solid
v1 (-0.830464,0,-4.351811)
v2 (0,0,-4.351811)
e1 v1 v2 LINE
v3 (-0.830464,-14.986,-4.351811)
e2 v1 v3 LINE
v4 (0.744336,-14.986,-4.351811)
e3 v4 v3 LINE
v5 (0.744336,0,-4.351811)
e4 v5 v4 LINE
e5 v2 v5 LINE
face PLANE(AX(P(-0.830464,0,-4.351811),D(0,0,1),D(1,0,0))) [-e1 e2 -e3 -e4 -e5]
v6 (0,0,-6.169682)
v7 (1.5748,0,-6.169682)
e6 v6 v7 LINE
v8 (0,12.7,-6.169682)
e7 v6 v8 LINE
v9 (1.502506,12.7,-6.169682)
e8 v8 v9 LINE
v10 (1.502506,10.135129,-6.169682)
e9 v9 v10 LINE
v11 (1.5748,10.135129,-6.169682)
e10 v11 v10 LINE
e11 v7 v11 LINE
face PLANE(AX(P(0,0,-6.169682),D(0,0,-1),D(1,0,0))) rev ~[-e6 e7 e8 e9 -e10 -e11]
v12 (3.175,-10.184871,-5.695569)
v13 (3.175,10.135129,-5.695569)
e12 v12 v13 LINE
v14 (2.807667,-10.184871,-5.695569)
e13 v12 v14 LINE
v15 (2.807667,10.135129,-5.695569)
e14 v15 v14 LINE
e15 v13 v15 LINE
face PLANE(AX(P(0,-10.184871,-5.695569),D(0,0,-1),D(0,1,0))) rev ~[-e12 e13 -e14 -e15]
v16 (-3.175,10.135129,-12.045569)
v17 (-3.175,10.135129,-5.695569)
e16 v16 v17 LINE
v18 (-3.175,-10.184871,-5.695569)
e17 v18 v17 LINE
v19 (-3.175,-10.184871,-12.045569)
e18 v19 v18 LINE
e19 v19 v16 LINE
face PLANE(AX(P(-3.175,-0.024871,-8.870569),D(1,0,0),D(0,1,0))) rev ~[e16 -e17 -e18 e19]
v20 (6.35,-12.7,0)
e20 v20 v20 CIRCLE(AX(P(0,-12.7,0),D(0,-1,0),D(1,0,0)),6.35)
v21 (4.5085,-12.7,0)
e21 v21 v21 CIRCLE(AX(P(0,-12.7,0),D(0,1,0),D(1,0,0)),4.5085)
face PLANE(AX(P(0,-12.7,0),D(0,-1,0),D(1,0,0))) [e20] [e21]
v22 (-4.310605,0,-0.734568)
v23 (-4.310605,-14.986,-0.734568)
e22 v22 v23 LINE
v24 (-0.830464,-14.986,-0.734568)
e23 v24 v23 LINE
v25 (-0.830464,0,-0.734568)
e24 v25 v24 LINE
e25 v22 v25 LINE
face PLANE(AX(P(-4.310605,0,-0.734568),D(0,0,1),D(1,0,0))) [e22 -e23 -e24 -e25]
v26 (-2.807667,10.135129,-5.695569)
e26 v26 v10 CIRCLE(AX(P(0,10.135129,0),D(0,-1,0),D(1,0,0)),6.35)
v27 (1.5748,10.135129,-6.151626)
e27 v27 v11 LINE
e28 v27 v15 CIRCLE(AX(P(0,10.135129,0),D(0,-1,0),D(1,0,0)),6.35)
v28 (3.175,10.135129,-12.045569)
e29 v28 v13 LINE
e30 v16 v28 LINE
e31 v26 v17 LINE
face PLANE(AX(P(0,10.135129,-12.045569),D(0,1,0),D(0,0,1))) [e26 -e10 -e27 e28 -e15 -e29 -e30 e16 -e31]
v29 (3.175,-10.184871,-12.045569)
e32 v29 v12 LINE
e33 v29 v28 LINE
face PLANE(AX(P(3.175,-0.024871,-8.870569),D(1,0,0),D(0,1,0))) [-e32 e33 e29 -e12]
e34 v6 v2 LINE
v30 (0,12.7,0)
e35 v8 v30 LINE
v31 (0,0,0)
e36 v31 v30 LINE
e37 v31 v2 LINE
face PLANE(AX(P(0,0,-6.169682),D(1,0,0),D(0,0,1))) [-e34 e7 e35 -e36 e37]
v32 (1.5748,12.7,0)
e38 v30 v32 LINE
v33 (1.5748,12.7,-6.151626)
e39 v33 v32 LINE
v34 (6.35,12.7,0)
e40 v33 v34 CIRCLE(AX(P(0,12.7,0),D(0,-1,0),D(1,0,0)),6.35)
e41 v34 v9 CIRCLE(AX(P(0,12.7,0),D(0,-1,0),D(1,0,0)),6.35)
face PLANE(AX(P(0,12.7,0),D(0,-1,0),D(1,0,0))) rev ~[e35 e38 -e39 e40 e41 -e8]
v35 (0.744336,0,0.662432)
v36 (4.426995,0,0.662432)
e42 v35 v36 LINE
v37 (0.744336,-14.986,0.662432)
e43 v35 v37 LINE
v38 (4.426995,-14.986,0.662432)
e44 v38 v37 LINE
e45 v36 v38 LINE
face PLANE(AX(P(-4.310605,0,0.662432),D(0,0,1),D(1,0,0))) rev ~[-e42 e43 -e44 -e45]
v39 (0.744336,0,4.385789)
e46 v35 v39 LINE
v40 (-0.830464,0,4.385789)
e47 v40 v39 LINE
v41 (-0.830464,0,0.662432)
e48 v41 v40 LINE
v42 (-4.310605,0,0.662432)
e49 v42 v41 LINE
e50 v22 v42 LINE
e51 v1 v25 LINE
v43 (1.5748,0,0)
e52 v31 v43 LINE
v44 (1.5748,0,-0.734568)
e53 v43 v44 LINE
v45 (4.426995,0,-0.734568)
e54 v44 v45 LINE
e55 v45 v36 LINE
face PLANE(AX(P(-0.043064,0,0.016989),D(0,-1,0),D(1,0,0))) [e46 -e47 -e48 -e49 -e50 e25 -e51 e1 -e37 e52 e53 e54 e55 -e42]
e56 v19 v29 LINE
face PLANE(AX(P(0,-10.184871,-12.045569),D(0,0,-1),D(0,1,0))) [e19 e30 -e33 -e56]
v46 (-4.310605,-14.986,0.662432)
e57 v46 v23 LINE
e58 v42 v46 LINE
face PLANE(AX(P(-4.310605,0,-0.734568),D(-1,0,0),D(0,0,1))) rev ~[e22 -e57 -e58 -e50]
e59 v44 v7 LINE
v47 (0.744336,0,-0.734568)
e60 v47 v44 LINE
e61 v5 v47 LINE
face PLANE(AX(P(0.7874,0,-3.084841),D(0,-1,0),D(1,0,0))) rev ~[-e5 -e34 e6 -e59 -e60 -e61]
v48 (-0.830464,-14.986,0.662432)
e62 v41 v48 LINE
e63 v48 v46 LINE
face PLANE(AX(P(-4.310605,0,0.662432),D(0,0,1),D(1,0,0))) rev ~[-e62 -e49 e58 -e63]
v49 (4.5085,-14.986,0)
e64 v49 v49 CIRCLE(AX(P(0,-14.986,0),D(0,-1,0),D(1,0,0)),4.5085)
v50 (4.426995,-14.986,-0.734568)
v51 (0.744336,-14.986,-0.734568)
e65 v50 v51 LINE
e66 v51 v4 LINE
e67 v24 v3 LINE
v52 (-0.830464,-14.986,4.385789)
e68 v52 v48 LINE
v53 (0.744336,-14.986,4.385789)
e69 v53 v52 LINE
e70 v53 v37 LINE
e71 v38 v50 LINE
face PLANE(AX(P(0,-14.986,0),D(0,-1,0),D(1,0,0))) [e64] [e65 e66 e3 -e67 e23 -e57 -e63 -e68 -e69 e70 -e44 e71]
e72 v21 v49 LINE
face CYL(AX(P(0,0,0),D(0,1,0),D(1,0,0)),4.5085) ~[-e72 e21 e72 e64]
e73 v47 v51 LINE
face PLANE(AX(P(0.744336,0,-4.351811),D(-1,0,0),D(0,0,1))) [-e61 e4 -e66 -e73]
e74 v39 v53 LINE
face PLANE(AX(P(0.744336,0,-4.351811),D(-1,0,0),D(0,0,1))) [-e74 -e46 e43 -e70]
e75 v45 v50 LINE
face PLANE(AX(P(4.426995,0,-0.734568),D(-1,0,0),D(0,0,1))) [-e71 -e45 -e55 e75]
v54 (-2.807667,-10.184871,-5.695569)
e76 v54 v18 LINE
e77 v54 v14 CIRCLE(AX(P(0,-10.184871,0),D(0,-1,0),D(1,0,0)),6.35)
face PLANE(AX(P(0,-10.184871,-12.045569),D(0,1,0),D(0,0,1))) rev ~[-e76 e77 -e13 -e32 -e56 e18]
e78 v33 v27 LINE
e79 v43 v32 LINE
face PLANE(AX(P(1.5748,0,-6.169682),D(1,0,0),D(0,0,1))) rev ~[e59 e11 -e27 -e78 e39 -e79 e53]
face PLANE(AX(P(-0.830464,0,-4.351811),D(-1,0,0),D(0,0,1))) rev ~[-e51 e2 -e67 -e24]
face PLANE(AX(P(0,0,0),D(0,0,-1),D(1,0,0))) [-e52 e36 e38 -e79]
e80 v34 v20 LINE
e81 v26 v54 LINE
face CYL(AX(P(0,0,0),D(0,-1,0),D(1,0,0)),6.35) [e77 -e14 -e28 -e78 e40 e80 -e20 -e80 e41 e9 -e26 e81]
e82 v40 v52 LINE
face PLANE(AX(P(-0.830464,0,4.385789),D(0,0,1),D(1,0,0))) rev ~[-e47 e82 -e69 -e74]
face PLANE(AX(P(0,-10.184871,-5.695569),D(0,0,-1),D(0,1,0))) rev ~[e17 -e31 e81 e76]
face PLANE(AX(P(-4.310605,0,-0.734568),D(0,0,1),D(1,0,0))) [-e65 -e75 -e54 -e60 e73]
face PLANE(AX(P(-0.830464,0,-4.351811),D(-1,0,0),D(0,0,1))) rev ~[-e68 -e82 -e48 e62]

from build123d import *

# Parameters (mm, degrees)
F0_R      = 6.35
F1_DEPTH  = 12.7
F2_W      = 20.32
F2_H      = 6.35
F3_DEPTH  = 3.175
F4_W      = 1.5748
F4_H      = 6.169682
F5_DEPTH  = 40.132
F6_R      = 4.5085
F7_DEPTH  = 14.986
F8_W      = 8.7376
F8_H      = 1.397
F9_DEPTH  = 22.86
F10_W     = 1.5748
F10_H     = 8.7376
F11_DEPTH = 37.084


with BuildPart() as f1:
    # F0 (on Front) → F1 (new body, symmetric)
    with BuildSketch(Plane.XZ):
        Circle(F0_R)
    extrude(amount=F1_DEPTH, both=True)

    # F2 (on Right) → F3 (join, symmetric)
    with BuildSketch(Plane.YZ):
        with Locations((-0.024871, -8.870569)):
            Rectangle(F2_W, F2_H)
    extrude(amount=F3_DEPTH, both=True)

    # F4 (on Front) → F5 (cut)
    with BuildSketch(Plane.XZ):
        with Locations((0.7874, -3.084841)):
            Rectangle(F4_W, F4_H)
    extrude(amount=-F5_DEPTH, mode=Mode.SUBTRACT)

    # F6 (on Front) → F7 (join)
    with BuildSketch(Plane.XZ):
        Circle(F6_R)
    extrude(amount=F7_DEPTH)

    # F8 (on Front) → F9 (cut)
    with BuildSketch(Plane.XZ):
        with Locations((0.058195, -0.036068)):
            Rectangle(F8_W, F8_H)
    extrude(amount=F9_DEPTH, mode=Mode.SUBTRACT)

    # F10 (on Front) → F11 (cut)
    with BuildSketch(Plane.XZ):
        with Locations((-0.043064, 0.016989)):
            Rectangle(F10_W, F10_H)
    extrude(amount=F11_DEPTH, mode=Mode.SUBTRACT)


solid = f1.part
